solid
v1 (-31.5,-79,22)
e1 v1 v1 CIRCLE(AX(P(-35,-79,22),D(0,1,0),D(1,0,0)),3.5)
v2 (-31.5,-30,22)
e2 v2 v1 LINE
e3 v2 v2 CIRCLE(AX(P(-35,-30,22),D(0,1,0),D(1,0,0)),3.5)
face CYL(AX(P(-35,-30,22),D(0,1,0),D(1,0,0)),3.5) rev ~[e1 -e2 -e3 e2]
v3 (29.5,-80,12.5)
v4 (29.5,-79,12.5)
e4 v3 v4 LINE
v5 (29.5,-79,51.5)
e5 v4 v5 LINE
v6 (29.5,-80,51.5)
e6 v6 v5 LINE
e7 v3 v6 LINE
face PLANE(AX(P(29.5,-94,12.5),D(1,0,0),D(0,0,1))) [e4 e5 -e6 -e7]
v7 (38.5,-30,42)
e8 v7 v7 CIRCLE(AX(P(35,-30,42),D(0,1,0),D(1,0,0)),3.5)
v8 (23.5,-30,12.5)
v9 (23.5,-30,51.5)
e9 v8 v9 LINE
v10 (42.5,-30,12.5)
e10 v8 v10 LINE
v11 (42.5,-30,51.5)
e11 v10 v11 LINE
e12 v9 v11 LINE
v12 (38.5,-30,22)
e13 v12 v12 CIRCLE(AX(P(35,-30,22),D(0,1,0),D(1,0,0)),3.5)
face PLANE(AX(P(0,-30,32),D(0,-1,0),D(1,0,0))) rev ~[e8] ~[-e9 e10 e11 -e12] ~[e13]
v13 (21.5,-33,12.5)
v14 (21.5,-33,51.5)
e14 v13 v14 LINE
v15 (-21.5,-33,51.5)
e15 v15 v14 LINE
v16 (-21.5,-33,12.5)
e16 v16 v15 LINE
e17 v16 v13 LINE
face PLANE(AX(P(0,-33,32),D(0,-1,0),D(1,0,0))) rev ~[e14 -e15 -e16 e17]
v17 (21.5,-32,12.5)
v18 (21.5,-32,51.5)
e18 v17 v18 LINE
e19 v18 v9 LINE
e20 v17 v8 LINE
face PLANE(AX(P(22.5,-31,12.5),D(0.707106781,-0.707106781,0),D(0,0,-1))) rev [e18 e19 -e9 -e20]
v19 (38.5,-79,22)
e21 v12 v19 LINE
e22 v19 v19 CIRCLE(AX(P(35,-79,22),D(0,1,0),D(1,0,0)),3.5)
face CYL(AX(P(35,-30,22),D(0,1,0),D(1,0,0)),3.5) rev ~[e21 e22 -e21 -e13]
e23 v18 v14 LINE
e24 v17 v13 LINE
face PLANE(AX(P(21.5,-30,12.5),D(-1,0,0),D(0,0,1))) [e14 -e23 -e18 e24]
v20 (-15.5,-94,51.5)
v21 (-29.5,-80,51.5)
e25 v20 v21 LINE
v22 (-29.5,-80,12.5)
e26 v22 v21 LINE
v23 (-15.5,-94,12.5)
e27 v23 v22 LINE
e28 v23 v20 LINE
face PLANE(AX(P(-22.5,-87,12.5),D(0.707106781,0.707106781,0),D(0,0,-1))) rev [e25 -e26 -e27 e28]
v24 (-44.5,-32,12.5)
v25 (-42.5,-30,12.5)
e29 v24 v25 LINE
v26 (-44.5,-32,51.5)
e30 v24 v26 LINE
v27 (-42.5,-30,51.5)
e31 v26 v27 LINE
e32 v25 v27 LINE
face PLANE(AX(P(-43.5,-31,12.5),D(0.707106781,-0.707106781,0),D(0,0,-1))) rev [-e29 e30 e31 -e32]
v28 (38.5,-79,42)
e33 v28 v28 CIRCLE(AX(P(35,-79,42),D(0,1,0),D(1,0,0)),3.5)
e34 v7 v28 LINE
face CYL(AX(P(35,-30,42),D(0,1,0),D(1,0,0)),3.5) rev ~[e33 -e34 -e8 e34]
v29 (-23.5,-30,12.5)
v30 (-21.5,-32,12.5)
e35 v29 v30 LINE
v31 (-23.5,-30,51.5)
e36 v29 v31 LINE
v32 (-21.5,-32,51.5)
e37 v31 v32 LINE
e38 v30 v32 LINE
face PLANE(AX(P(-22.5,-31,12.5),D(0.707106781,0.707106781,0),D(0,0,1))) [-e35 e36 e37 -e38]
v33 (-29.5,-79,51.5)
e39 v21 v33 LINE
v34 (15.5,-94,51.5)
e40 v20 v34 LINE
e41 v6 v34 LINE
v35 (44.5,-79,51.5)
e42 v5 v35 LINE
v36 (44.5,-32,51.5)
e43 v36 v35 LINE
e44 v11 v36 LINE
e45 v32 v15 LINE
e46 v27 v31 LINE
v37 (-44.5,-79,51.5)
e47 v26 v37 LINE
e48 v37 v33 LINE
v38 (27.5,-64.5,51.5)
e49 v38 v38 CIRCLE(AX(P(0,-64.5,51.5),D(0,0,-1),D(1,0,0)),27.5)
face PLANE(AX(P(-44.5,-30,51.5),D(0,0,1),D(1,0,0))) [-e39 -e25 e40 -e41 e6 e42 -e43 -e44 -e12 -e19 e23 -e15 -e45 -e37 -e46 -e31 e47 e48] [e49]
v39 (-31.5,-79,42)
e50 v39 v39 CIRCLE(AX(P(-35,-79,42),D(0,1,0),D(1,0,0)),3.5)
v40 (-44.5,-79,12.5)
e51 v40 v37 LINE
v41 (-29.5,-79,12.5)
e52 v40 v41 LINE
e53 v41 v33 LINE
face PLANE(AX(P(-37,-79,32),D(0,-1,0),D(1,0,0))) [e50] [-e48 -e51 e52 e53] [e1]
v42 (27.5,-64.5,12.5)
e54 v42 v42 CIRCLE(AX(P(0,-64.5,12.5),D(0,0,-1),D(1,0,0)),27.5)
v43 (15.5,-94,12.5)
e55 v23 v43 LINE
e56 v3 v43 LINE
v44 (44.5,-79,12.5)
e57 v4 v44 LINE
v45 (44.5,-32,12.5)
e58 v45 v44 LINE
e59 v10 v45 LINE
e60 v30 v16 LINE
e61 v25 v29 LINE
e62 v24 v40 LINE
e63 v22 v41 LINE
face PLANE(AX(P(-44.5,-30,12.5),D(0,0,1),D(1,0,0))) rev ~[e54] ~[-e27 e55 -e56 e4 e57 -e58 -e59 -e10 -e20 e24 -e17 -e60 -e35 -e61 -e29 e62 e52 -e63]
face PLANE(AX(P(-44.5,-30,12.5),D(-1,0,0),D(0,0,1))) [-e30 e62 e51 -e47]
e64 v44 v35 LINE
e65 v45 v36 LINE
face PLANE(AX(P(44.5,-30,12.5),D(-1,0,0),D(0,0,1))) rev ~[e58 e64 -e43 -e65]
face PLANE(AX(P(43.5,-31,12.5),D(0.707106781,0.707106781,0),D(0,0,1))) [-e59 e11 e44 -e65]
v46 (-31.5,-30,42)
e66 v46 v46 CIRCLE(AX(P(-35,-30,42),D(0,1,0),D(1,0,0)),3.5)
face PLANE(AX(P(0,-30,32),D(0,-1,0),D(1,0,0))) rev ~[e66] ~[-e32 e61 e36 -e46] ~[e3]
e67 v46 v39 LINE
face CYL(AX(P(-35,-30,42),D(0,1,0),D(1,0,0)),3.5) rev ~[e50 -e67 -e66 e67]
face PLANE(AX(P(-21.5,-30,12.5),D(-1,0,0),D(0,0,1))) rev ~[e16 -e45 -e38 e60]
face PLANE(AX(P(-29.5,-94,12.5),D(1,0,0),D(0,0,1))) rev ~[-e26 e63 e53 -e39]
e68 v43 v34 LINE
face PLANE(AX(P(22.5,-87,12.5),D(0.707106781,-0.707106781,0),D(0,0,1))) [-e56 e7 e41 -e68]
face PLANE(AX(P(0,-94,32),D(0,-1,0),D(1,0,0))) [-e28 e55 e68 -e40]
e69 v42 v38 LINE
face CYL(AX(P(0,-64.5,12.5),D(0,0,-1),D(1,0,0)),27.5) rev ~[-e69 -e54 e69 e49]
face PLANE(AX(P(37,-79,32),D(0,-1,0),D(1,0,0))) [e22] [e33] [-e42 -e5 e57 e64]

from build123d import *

# Parameters (mm, degrees)
SKETCH028_W        = 89
SKETCH028_H        = 39
PAD015_DEPTH       = 64
SKETCH029_W        = 43
SKETCH029_H        = 39
POCKET011_DEPTH    = 3
CHAMFER_SIZE       = 2
SKETCH030_R        = 27.5
POCKET012_DEPTH    = 39.001
SKETCH031_W        = 15
SKETCH031_H        = 39
POCKET002_DEPTH    = 15
CHAMFER001_SIZE    = 14
SKETCH032_R        = 3.5
POCKET003_DEPTH    = 64.001
BODY007_ROLL_ANGLE = 90


with BuildPart() as part:
    # Sketch028 → Pad015 (new body)
    with BuildSketch(Plane.XY):
        Rectangle(SKETCH028_W, SKETCH028_H)
    extrude(amount=PAD015_DEPTH)

    # Sketch029 → Pocket011 (cut)
    with BuildSketch(Plane.XY):
        Rectangle(SKETCH029_W, SKETCH029_H)
    extrude(amount=POCKET011_DEPTH, mode=Mode.SUBTRACT)

    # Chamfer
    chamfer_edges = [part.edges().sort_by_distance(p)[0] for p in [
        (21.5, 0, 0),
        (-21.5, 0, 0),
        (44.5, 0, 0),
        (-44.5, 0, 0),
    ]]
    chamfer(chamfer_edges, length=CHAMFER_SIZE)

    # Sketch030 (on Face1 of Chamfer) → Pocket012 (cut, through all)
    with BuildSketch(Plane.XZ.offset(19.5)):
        with Locations((0, 34.5)):
            Circle(SKETCH030_R)
    extrude(amount=-POCKET012_DEPTH, mode=Mode.SUBTRACT)

    # Sketch031 (on Face7 of Pocket012) → Pocket002 (cut)
    with BuildSketch(Plane.XY.offset(64)):
        with Locations((-37, 0)):
            Rectangle(SKETCH031_W, SKETCH031_H)
        with Locations((37, 0)):
            Rectangle(SKETCH031_W, SKETCH031_H)
    extrude(amount=-POCKET002_DEPTH, mode=Mode.SUBTRACT)

    # Chamfer001
    chamfer001_edges = [part.edges().sort_by_distance(p)[0] for p in [
        (29.5, 0, 64),
        (-29.5, 0, 64),
    ]]
    chamfer(chamfer001_edges, length=CHAMFER001_SIZE)

    # Sketch032 (on Face10 of Chamfer001) → Pocket003 (cut, through all)
    with BuildSketch(Plane(origin=(0, 0, 0), x_dir=(1, 0, 0), z_dir=(0, 0, -1))):
        with Locations((-35, -10)):
            Circle(SKETCH032_R)
        with Locations((-35, 10)):
            Circle(SKETCH032_R)
        with Locations((35, 10)):
            Circle(SKETCH032_R)
        with Locations((35, -10)):
            Circle(SKETCH032_R)
    extrude(amount=-POCKET003_DEPTH, mode=Mode.SUBTRACT)


with BuildPart() as part_1:
    # Body007 roll: moved
    add(part.part.rotate(Axis((0, 0, 0), (1, 0, 0)), BODY007_ROLL_ANGLE))


with BuildPart() as part_2:
    # Body007 placement: moved
    add(part_1.part.moved(Location((0, -30, 32))))


solid = part_2.part
